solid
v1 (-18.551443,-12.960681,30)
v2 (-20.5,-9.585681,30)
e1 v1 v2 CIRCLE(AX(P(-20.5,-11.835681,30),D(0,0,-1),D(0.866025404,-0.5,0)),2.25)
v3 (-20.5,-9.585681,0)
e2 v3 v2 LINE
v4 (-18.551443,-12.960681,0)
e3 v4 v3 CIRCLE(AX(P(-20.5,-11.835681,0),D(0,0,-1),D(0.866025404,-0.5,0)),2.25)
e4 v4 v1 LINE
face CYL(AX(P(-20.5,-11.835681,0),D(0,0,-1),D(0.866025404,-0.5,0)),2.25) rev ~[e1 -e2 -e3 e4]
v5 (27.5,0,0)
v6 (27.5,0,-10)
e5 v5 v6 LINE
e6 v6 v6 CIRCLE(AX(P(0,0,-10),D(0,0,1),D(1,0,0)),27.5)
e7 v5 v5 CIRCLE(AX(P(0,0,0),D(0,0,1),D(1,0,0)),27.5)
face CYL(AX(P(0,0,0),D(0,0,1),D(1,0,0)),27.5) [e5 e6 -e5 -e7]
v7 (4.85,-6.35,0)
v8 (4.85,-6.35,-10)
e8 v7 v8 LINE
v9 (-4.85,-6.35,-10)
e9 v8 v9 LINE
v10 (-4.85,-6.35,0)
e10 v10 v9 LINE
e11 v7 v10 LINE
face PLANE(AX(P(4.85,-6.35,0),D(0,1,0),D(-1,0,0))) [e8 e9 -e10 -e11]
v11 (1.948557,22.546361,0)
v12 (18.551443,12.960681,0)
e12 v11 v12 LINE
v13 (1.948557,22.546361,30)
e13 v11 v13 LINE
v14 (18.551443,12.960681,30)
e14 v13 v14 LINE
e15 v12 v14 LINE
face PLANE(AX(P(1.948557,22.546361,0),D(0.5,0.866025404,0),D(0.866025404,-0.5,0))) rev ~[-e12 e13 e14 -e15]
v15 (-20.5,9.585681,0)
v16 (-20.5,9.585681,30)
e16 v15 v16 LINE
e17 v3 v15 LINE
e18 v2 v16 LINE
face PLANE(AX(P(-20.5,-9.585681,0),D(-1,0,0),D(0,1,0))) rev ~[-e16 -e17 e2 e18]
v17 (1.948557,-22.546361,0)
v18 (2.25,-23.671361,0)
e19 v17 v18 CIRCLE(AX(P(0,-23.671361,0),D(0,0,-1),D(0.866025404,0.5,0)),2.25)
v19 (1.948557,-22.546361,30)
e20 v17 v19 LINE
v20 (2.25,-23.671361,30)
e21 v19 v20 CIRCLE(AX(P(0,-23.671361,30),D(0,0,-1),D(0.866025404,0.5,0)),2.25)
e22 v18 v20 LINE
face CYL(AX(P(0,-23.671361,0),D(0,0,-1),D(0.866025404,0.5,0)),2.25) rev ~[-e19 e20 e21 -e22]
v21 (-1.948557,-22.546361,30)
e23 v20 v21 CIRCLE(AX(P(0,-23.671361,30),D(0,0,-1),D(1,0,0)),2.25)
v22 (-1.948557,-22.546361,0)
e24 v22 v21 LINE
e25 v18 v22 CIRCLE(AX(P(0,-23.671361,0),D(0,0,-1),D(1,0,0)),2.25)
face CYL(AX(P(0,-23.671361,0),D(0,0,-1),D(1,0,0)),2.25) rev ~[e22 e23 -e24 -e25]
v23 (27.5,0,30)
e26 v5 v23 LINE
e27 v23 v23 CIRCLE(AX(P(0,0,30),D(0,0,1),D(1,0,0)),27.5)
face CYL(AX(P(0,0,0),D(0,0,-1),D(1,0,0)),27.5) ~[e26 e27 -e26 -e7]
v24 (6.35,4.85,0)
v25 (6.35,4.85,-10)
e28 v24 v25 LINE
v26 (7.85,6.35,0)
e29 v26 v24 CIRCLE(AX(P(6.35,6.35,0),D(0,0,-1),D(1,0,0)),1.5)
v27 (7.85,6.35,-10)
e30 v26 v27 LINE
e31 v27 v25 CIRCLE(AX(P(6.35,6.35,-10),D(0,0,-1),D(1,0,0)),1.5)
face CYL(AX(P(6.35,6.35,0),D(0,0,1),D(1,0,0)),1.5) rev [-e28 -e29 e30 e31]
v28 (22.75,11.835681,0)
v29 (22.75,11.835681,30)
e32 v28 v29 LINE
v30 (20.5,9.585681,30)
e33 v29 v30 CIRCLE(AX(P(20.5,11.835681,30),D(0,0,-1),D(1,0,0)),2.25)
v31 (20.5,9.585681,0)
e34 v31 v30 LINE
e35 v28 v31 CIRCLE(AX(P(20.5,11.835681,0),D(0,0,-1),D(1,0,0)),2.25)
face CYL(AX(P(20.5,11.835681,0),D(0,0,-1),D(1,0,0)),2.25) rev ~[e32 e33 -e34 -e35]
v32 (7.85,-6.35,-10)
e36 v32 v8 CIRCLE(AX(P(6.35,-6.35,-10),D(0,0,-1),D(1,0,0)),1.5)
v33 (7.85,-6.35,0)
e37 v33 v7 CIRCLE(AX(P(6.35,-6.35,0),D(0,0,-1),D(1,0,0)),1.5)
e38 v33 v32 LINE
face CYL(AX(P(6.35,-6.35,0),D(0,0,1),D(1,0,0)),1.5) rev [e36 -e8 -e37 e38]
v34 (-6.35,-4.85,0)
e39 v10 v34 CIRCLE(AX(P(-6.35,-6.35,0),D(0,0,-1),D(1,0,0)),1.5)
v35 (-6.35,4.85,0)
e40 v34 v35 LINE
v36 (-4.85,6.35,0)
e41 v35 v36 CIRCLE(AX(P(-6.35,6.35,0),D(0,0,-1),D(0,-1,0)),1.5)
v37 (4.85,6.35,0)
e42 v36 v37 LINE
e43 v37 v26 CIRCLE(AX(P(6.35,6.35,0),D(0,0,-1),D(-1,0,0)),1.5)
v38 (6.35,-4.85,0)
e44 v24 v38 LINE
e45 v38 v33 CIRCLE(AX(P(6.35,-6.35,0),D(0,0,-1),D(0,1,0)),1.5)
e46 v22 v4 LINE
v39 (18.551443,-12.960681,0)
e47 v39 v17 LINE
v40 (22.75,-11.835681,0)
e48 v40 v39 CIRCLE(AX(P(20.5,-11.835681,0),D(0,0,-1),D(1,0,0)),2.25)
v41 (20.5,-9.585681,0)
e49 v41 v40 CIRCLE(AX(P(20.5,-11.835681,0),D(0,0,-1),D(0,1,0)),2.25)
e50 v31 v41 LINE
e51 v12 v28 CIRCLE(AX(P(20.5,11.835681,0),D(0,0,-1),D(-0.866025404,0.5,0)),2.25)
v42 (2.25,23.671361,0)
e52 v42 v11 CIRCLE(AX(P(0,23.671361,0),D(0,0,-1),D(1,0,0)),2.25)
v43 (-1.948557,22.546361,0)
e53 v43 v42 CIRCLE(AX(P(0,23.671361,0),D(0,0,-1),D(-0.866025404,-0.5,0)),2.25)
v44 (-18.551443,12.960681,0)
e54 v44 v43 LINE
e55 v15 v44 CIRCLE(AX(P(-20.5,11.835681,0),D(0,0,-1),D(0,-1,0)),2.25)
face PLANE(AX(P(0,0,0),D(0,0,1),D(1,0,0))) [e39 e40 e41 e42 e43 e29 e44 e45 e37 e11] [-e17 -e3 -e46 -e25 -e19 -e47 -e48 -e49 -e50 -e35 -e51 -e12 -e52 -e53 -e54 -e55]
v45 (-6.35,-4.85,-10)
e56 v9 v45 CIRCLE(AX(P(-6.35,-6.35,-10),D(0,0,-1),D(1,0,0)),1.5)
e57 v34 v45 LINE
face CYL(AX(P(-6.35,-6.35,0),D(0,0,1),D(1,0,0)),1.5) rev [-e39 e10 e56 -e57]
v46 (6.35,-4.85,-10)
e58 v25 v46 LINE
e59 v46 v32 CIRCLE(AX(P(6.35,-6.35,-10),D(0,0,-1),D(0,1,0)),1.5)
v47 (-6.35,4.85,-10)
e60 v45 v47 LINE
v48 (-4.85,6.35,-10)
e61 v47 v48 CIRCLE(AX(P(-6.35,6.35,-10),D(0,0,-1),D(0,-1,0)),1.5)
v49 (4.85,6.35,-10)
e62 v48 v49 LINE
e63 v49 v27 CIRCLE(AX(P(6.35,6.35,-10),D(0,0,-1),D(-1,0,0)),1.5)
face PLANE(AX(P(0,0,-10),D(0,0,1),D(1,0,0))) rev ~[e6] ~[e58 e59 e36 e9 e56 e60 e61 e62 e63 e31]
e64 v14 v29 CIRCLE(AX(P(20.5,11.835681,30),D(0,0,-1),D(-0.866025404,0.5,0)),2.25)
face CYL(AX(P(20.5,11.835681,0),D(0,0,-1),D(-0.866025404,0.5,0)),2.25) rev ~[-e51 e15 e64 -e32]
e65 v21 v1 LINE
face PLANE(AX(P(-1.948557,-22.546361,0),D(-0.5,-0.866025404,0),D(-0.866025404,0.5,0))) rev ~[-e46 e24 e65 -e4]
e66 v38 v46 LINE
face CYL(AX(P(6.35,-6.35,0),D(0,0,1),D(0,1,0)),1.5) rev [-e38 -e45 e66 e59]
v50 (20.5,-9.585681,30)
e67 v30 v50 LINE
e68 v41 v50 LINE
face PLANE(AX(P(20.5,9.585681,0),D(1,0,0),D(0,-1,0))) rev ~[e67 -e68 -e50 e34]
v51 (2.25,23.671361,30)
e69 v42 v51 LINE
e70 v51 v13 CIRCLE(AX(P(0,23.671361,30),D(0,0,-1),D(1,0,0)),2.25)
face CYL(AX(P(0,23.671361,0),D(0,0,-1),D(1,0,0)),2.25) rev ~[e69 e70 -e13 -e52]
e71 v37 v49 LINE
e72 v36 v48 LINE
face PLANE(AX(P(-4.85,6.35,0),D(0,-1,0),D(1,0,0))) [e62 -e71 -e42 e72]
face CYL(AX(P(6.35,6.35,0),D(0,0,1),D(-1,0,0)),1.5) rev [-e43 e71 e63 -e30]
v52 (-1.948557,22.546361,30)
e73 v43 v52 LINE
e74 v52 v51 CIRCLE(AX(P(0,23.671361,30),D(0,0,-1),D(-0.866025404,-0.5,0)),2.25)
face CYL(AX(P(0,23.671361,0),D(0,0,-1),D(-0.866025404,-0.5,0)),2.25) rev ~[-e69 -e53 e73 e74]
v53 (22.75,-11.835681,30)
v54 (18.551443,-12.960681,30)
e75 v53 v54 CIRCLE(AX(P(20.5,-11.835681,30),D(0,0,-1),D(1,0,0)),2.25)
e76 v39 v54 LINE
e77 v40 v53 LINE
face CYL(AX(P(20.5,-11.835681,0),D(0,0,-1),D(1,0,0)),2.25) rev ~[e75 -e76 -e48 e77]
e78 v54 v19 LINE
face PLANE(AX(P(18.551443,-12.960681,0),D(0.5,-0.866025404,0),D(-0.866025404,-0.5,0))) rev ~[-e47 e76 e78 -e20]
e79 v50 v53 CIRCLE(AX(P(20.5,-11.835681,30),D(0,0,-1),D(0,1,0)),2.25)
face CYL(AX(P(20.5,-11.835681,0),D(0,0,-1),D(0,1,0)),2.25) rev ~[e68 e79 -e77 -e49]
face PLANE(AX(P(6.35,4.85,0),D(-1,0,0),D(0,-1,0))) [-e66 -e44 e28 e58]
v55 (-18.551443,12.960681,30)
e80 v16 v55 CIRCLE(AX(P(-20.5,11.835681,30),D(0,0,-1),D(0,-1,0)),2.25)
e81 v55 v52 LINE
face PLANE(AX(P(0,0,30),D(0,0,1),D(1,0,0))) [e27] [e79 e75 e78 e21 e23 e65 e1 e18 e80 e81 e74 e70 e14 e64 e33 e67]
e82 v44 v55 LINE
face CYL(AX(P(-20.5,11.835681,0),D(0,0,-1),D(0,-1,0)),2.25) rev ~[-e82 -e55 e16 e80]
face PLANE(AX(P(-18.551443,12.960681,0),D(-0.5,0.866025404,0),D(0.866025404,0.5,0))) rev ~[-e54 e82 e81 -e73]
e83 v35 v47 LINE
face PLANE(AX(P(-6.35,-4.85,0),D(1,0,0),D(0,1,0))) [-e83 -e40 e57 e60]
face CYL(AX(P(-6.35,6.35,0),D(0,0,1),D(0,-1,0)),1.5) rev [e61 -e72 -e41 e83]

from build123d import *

# Parameters (mm, degrees)
F0_R     = 27.5
F1_DEPTH = 10
F2_DEPTH = 30


with BuildPart() as f1:
    # F0 (on Top) → F1 (new body)
    with BuildSketch(Plane.XY):
        Circle(F0_R)
        with BuildLine():
            ThreePointArc((22.75, 11.8356805184), (22.0909902577, 10.2446902607), (20.5, 9.5856805184))
            Line((20.5, 9.5856805184), (20.5, -9.5856805184))
            ThreePointArc((20.5, -9.5856805184), (22.0909902577, -10.2446902607), (22.75, -11.8356805184))
            ThreePointArc((22.75, -11.8356805184), (21.0823428515, -14.0090136275), (18.5514428415, -12.9606805184))
            Line((18.5514428415, -12.9606805184), (1.9485571585, -22.5463610368))
            ThreePointArc((1.9485571585, -22.5463610368), (2.1733331092, -23.0890181853), (2.25, -23.6713610368))
            ThreePointArc((2.25, -23.6713610368), (-0.5823428515, -25.8446941459), (-1.9485571585, -22.5463610368))
            Line((-1.9485571585, -22.5463610368), (-18.5514428415, -12.9606805184))
            ThreePointArc((-18.5514428415, -12.9606805184), (-22.4485571585, -12.9606805184), (-20.5, -9.5856805184))
            Line((-20.5, -9.5856805184), (-20.5, 9.5856805184))
            ThreePointArc((-20.5, 9.5856805184), (-22.4485571585, 12.9606805184), (-18.5514428415, 12.9606805184))
            Line((-18.5514428415, 12.9606805184), (-1.9485571585, 22.5463610368))
            ThreePointArc((-1.9485571585, 22.5463610368), (-0.5823428515, 25.8446941459), (2.25, 23.6713610368))
            ThreePointArc((2.25, 23.6713610368), (2.1733331092, 23.0890181853), (1.9485571585, 22.5463610368))
            Line((1.9485571585, 22.5463610368), (18.5514428415, 12.9606805184))
            ThreePointArc((18.5514428415, 12.9606805184), (21.0823428515, 14.0090136275), (22.75, 11.8356805184))
        make_face(mode=Mode.SUBTRACT)
        with BuildLine():
            Line((20.5, -9.5856805184), (20.5, 9.5856805184))
            ThreePointArc((20.5, 9.5856805184), (18.5514428415, 10.7106805184), (18.5514428415, 12.9606805184))
            Line((18.5514428415, 12.9606805184), (1.9485571585, 22.5463610368))
            ThreePointArc((1.9485571585, 22.5463610368), (0, 21.4213610368), (-1.9485571585, 22.5463610368))
            Line((-1.9485571585, 22.5463610368), (-18.5514428415, 12.9606805184))
            ThreePointArc((-18.5514428415, 12.9606805184), (-18.3266668908, 12.4180233699), (-18.25, 11.8356805184))
            ThreePointArc((-18.25, 11.8356805184), (-18.9090097423, 10.2446902607), (-20.5, 9.5856805184))
            Line((-20.5, 9.5856805184), (-20.5, -9.5856805184))
            ThreePointArc((-20.5, -9.5856805184), (-18.9090097423, -10.2446902607), (-18.25, -11.8356805184))
            ThreePointArc((-18.25, -11.8356805184), (-18.3266668908, -12.4180233699), (-18.5514428415, -12.9606805184))
            Line((-18.5514428415, -12.9606805184), (-1.9485571585, -22.5463610368))
            ThreePointArc((-1.9485571585, -22.5463610368), (0, -21.4213610368), (1.9485571585, -22.5463610368))
            Line((1.9485571585, -22.5463610368), (18.5514428415, -12.9606805184))
            ThreePointArc((18.5514428415, -12.9606805184), (18.5514428415, -10.7106805184), (20.5, -9.5856805184))
        make_face()
        with BuildLine():
            ThreePointArc((-6.35, 4.85), (-7.4106601718, 7.4106601718), (-4.85, 6.35))
            Line((-4.85, 6.35), (4.85, 6.35))
            ThreePointArc((4.85, 6.35), (6.35, 7.85), (7.85, 6.35))
            ThreePointArc((7.85, 6.35), (7.4106601718, 5.2893398282), (6.35, 4.85))
            Line((6.35, 4.85), (6.35, -4.85))
            ThreePointArc((6.35, -4.85), (7.4106601718, -5.2893398282), (7.85, -6.35))
            ThreePointArc((7.85, -6.35), (6.35, -7.85), (4.85, -6.35))
            Line((4.85, -6.35), (-4.85, -6.35))
            ThreePointArc((-4.85, -6.35), (-7.4106601718, -7.4106601718), (-6.35, -4.85))
            Line((-6.35, -4.85), (-6.35, 4.85))
        make_face(mode=Mode.SUBTRACT)
        with BuildLine():
            Line((-20.5, 11.8356805184), (-18.5514428415, 12.9606805184))
            ThreePointArc((-18.5514428415, 12.9606805184), (-22.4485571585, 12.9606805184), (-20.5, 9.5856805184))
            Line((-20.5, 9.5856805184), (-20.5, 11.8356805184))
        make_face()
        with BuildLine():
            ThreePointArc((-20.5, -9.5856805184), (-22.4485571585, -12.9606805184), (-18.5514428415, -12.9606805184))
            Line((-18.5514428415, -12.9606805184), (-20.5, -11.8356805184))
            Line((-20.5, -11.8356805184), (-20.5, -9.5856805184))
        make_face()
        with BuildLine():
            Line((0, 23.6713610368), (1.9485571585, 22.5463610368))
            ThreePointArc((1.9485571585, 22.5463610368), (2.1733331092, 23.0890181853), (2.25, 23.6713610368))
            ThreePointArc((2.25, 23.6713610368), (-0.5823428515, 25.8446941459), (-1.9485571585, 22.5463610368))
            Line((-1.9485571585, 22.5463610368), (0, 23.6713610368))
        make_face()
        with BuildLine():
            Line((18.5514428415, 12.9606805184), (20.5, 11.8356805184))
            Line((20.5, 11.8356805184), (20.5, 9.5856805184))
            ThreePointArc((20.5, 9.5856805184), (22.0909902577, 10.2446902607), (22.75, 11.8356805184))
            ThreePointArc((22.75, 11.8356805184), (21.0823428515, 14.0090136275), (18.5514428415, 12.9606805184))
        make_face()
        with BuildLine():
            ThreePointArc((22.75, -11.8356805184), (22.0909902577, -10.2446902607), (20.5, -9.5856805184))
            Line((20.5, -9.5856805184), (20.5, -11.8356805184))
            Line((20.5, -11.8356805184), (18.5514428415, -12.9606805184))
            ThreePointArc((18.5514428415, -12.9606805184), (21.0823428515, -14.0090136275), (22.75, -11.8356805184))
        make_face()
        with BuildLine():
            ThreePointArc((2.25, -23.6713610368), (2.1733331092, -23.0890181853), (1.9485571585, -22.5463610368))
            Line((1.9485571585, -22.5463610368), (0, -23.6713610368))
            Line((0, -23.6713610368), (-1.9485571585, -22.5463610368))
            ThreePointArc((-1.9485571585, -22.5463610368), (-0.5823428515, -25.8446941459), (2.25, -23.6713610368))
        make_face()
        with BuildLine():
            Line((-20.5, -11.8356805184), (-18.5514428415, -12.9606805184))
            ThreePointArc((-18.5514428415, -12.9606805184), (-18.3266668908, -12.4180233699), (-18.25, -11.8356805184))
            ThreePointArc((-18.25, -11.8356805184), (-18.9090097423, -10.2446902607), (-20.5, -9.5856805184))
            Line((-20.5, -9.5856805184), (-20.5, -11.8356805184))
        make_face()
        with BuildLine():
            ThreePointArc((-18.25, 11.8356805184), (-18.3266668908, 12.4180233699), (-18.5514428415, 12.9606805184))
            Line((-18.5514428415, 12.9606805184), (-20.5, 11.8356805184))
            Line((-20.5, 11.8356805184), (-20.5, 9.5856805184))
            ThreePointArc((-20.5, 9.5856805184), (-18.9090097423, 10.2446902607), (-18.25, 11.8356805184))
        make_face()
        with BuildLine():
            ThreePointArc((-1.9485571585, 22.5463610368), (0, 21.4213610368), (1.9485571585, 22.5463610368))
            Line((1.9485571585, 22.5463610368), (0, 23.6713610368))
            Line((0, 23.6713610368), (-1.9485571585, 22.5463610368))
        make_face()
        with BuildLine():
            Line((20.5, 9.5856805184), (20.5, 11.8356805184))
            Line((20.5, 11.8356805184), (18.5514428415, 12.9606805184))
            ThreePointArc((18.5514428415, 12.9606805184), (18.5514428415, 10.7106805184), (20.5, 9.5856805184))
        make_face()
        with BuildLine():
            Line((20.5, -11.8356805184), (20.5, -9.5856805184))
            ThreePointArc((20.5, -9.5856805184), (18.5514428415, -10.7106805184), (18.5514428415, -12.9606805184))
            Line((18.5514428415, -12.9606805184), (20.5, -11.8356805184))
        make_face()
        with BuildLine():
            Line((0, -23.6713610368), (1.9485571585, -22.5463610368))
            ThreePointArc((1.9485571585, -22.5463610368), (0, -21.4213610368), (-1.9485571585, -22.5463610368))
            Line((-1.9485571585, -22.5463610368), (0, -23.6713610368))
        make_face()
    extrude(amount=-F1_DEPTH)

    # F0 (on Top) → F2 (join)
    with BuildSketch(Plane.XY):
        Circle(F0_R)
        with BuildLine():
            ThreePointArc((22.75, 11.8356805184), (22.0909902577, 10.2446902607), (20.5, 9.5856805184))
            Line((20.5, 9.5856805184), (20.5, -9.5856805184))
            ThreePointArc((20.5, -9.5856805184), (22.0909902577, -10.2446902607), (22.75, -11.8356805184))
            ThreePointArc((22.75, -11.8356805184), (21.0823428515, -14.0090136275), (18.5514428415, -12.9606805184))
            Line((18.5514428415, -12.9606805184), (1.9485571585, -22.5463610368))
            ThreePointArc((1.9485571585, -22.5463610368), (2.1733331092, -23.0890181853), (2.25, -23.6713610368))
            ThreePointArc((2.25, -23.6713610368), (-0.5823428515, -25.8446941459), (-1.9485571585, -22.5463610368))
            Line((-1.9485571585, -22.5463610368), (-18.5514428415, -12.9606805184))
            ThreePointArc((-18.5514428415, -12.9606805184), (-22.4485571585, -12.9606805184), (-20.5, -9.5856805184))
            Line((-20.5, -9.5856805184), (-20.5, 9.5856805184))
            ThreePointArc((-20.5, 9.5856805184), (-22.4485571585, 12.9606805184), (-18.5514428415, 12.9606805184))
            Line((-18.5514428415, 12.9606805184), (-1.9485571585, 22.5463610368))
            ThreePointArc((-1.9485571585, 22.5463610368), (-0.5823428515, 25.8446941459), (2.25, 23.6713610368))
            ThreePointArc((2.25, 23.6713610368), (2.1733331092, 23.0890181853), (1.9485571585, 22.5463610368))
            Line((1.9485571585, 22.5463610368), (18.5514428415, 12.9606805184))
            ThreePointArc((18.5514428415, 12.9606805184), (21.0823428515, 14.0090136275), (22.75, 11.8356805184))
        make_face(mode=Mode.SUBTRACT)
    extrude(amount=F2_DEPTH)


solid = f1.part
